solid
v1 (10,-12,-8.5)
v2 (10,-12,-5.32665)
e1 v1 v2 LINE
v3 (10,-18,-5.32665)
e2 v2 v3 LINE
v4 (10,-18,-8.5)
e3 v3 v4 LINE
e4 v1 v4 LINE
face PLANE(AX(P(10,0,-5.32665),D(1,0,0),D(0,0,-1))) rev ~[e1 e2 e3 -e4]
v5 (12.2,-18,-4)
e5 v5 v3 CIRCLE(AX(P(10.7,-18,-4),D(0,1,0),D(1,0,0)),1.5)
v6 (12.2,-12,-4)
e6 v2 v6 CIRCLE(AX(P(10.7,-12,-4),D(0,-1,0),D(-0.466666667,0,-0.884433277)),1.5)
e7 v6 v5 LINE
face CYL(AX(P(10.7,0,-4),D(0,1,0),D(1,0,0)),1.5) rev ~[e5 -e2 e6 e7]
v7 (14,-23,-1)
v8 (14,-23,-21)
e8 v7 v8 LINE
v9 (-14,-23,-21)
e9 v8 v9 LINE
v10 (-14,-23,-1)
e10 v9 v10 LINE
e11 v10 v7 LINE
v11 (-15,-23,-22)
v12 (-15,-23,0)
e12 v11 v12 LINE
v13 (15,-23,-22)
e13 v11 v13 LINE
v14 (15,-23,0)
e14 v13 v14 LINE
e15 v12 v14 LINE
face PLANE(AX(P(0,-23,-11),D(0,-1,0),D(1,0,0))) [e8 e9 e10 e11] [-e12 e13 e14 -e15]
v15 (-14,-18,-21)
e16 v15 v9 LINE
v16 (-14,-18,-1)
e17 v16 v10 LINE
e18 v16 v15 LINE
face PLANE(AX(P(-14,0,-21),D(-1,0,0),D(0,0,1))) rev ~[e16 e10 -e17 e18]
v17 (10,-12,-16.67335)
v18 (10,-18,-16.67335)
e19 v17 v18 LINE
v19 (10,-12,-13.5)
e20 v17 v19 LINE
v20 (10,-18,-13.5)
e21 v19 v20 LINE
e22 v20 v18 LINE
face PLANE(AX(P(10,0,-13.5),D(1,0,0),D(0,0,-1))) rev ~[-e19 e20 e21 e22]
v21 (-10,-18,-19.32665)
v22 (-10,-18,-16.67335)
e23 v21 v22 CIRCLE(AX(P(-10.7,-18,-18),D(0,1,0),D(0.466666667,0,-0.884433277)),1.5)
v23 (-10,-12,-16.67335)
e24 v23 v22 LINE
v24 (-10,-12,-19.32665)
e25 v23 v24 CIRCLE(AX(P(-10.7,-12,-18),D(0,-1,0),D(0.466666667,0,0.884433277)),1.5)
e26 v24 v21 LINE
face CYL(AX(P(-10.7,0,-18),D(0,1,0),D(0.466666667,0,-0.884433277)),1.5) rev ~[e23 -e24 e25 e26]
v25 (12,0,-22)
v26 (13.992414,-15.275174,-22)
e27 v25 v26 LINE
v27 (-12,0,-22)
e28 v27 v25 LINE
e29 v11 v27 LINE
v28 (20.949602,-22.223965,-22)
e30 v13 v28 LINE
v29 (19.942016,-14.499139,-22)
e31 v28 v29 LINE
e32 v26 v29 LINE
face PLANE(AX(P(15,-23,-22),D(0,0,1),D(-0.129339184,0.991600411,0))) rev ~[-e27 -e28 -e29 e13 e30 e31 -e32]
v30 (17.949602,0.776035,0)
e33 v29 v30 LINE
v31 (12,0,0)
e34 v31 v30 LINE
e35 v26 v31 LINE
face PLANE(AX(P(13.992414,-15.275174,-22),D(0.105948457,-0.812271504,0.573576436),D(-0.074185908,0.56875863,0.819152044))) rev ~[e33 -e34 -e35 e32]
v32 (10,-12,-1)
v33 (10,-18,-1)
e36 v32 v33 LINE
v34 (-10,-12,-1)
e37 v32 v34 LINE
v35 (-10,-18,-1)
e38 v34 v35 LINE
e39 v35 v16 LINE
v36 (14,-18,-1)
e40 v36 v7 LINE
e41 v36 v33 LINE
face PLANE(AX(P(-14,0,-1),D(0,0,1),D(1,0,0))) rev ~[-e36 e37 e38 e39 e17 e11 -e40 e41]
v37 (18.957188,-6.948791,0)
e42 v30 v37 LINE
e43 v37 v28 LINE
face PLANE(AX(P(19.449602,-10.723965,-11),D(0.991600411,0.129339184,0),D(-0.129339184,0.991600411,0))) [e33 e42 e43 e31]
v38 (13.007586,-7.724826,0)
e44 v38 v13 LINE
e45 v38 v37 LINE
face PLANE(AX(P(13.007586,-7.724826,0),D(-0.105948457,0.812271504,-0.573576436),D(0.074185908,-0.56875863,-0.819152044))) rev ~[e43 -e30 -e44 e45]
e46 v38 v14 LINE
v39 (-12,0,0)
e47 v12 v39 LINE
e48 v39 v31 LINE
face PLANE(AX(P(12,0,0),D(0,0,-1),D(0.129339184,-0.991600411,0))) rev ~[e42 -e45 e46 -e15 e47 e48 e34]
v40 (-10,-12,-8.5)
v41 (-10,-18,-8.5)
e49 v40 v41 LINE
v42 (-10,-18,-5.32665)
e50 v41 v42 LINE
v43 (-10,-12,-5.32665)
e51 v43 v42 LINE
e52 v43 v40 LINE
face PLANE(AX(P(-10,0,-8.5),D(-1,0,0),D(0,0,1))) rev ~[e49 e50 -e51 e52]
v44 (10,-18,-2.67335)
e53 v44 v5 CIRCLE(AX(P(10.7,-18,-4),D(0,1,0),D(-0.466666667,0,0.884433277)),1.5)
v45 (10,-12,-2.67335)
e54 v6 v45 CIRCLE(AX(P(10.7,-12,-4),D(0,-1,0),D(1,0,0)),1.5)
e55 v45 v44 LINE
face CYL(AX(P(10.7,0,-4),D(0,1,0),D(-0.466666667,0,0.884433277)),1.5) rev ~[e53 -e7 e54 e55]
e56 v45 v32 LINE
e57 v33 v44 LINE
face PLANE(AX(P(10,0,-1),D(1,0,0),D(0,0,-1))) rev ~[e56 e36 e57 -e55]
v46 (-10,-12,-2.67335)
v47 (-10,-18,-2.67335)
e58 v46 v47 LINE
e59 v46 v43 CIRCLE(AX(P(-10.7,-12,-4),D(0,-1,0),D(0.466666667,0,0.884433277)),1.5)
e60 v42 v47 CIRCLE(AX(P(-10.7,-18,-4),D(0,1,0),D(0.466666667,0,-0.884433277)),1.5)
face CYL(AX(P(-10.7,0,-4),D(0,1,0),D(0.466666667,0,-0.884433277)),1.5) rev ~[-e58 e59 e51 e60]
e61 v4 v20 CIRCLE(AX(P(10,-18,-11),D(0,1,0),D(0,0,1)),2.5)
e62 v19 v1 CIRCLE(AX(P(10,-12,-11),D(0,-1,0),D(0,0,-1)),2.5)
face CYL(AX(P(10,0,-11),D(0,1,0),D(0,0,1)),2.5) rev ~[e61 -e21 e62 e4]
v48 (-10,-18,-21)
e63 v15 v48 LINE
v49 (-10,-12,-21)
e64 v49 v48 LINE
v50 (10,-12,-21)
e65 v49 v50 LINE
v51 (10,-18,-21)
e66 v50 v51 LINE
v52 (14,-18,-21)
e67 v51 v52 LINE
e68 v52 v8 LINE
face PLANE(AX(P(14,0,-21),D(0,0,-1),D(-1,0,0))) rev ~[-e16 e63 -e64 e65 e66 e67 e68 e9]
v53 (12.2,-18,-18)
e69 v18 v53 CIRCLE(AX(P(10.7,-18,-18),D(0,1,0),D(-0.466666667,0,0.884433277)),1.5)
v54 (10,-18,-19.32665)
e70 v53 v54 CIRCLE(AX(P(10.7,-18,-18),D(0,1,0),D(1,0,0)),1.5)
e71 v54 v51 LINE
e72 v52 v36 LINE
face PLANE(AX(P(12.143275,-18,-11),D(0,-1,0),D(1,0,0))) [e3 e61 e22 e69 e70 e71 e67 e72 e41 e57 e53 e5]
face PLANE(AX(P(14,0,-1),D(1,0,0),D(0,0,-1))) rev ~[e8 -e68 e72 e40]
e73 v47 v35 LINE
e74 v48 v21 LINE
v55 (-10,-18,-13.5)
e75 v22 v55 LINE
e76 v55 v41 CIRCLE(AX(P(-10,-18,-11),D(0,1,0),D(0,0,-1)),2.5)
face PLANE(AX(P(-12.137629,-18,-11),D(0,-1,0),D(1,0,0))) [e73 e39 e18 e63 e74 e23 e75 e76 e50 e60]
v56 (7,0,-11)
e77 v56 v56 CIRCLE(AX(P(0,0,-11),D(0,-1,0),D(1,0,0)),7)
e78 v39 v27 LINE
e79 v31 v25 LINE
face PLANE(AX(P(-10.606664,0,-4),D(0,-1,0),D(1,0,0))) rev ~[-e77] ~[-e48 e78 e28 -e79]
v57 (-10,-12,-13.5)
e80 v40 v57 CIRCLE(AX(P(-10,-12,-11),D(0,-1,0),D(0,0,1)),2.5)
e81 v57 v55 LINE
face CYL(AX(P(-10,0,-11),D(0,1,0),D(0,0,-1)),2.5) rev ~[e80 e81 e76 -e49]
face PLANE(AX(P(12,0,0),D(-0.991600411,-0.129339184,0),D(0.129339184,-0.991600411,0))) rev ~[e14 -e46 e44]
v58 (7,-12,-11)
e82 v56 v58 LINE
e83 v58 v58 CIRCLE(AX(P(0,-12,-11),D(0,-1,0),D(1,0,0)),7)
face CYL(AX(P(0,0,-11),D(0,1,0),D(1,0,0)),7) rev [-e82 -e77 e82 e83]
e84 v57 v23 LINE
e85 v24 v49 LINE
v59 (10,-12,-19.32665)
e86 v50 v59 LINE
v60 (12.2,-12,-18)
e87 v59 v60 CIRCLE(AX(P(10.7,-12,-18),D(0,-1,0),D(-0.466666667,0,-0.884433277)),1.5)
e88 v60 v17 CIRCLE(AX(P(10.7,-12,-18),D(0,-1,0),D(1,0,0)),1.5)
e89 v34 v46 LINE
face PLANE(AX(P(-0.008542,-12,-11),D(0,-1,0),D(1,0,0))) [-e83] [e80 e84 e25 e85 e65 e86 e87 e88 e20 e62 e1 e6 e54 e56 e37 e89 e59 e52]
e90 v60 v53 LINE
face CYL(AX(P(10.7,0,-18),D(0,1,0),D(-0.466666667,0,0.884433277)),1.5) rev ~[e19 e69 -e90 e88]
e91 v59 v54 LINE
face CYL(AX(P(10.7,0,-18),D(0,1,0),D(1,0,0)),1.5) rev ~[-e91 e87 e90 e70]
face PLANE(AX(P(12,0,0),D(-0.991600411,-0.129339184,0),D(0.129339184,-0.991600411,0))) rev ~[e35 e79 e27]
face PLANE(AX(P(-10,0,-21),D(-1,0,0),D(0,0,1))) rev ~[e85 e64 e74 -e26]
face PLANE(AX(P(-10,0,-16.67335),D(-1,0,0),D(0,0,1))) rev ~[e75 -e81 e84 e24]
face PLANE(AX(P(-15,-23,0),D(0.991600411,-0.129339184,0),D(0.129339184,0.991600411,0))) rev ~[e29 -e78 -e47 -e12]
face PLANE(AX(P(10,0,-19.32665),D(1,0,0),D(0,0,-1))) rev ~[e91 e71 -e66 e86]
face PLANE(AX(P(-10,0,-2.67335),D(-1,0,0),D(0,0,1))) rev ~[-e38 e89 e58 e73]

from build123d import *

# Parameters (mm, degrees)
F0_W     = 30
F0_H     = 22
F1_DEPTH = 23
F2_DEPTH = 18
F0_R     = 7
F3_DEPTH = 12
F4_DEPTH = 12
F6_DEPTH = 25
F8_DEPTH = 6


with BuildPart() as f1:
    # F0 (on Front) → F1 (new body)
    with BuildSketch(Plane.XZ):
        with Locations((0, -11)):
            Rectangle(F0_W, F0_H)
        Polygon((-14, -21), (-14, -1), (-10, -1), (10, -1), (14, -1), (14, -21), (10, -21), (-10, -21), align=None, mode=Mode.SUBTRACT)
    extrude(amount=F1_DEPTH)

    # F0 (on Front) → F2 (join)
    with BuildSketch(Plane.XZ):
        with BuildLine():
            Line((-10, -1), (-14, -1))
            Line((-14, -1), (-14, -21))
            Line((-14, -21), (-10, -21))
            Line((-10, -21), (-10, -19.3266499161))
            ThreePointArc((-10, -19.3266499161), (-12.2, -18), (-10, -16.6733500839))
            Line((-10, -16.6733500839), (-10, -13.5))
            ThreePointArc((-10, -13.5), (-12.5, -11), (-10, -8.5))
            Line((-10, -8.5), (-10, -5.3266499161))
            ThreePointArc((-10, -5.3266499161), (-12.2, -4), (-10, -2.6733500839))
            Line((-10, -2.6733500839), (-10, -1))
        make_face()
        with BuildLine():
            Line((14, -1), (10, -1))
            Line((10, -1), (10, -2.6733500839))
            ThreePointArc((10, -2.6733500839), (11.4745966692, -2.7154767421), (12.2, -4))
            ThreePointArc((12.2, -4), (11.4745966692, -5.2845232579), (10, -5.3266499161))
            Line((10, -5.3266499161), (10, -8.5))
            ThreePointArc((10, -8.5), (12.5, -11), (10, -13.5))
            Line((10, -13.5), (10, -16.6733500839))
            ThreePointArc((10, -16.6733500839), (11.4745966692, -16.7154767421), (12.2, -18))
            ThreePointArc((12.2, -18), (11.4745966692, -19.2845232579), (10, -19.3266499161))
            Line((10, -19.3266499161), (10, -21))
            Line((10, -21), (14, -21))
            Line((14, -21), (14, -1))
        make_face()
    extrude(amount=F2_DEPTH)

    # F0 (on Front) → F3 (join)
    with BuildSketch(Plane.XZ):
        with BuildLine():
            Line((10, -1), (-10, -1))
            Line((-10, -1), (-10, -2.6733500839))
            ThreePointArc((-10, -2.6733500839), (-9.4154767421, -3.2254033308), (-9.2, -4))
            ThreePointArc((-9.2, -4), (-9.4154767421, -4.7745966692), (-10, -5.3266499161))
            Line((-10, -5.3266499161), (-10, -8.5))
            ThreePointArc((-10, -8.5), (-12.5, -11), (-10, -13.5))
            Line((-10, -13.5), (-10, -16.6733500839))
            ThreePointArc((-10, -16.6733500839), (-9.4154767421, -17.2254033308), (-9.2, -18))
            ThreePointArc((-9.2, -18), (-9.4154767421, -18.7745966692), (-10, -19.3266499161))
            Line((-10, -19.3266499161), (-10, -21))
            Line((-10, -21), (10, -21))
            Line((10, -21), (10, -19.3266499161))
            ThreePointArc((10, -19.3266499161), (9.2, -18), (10, -16.6733500839))
            Line((10, -16.6733500839), (10, -13.5))
            ThreePointArc((10, -13.5), (12.5, -11), (10, -8.5))
            Line((10, -8.5), (10, -5.3266499161))
            ThreePointArc((10, -5.3266499161), (9.2, -4), (10, -2.6733500839))
            Line((10, -2.6733500839), (10, -1))
        make_face()
        with Locations((0, -11)):
            Circle(F0_R, mode=Mode.SUBTRACT)
    extrude(amount=F3_DEPTH)

    # F0 (on Front) → F4 (join)
    with BuildSketch(Plane.XZ):
        with BuildLine():
            ThreePointArc((-9.2, -4), (-9.4154767421, -3.2254033308), (-10, -2.6733500839))
            ThreePointArc((-10, -2.6733500839), (-12.2, -4), (-10, -5.3266499161))
            ThreePointArc((-10, -5.3266499161), (-9.4154767421, -4.7745966692), (-9.2, -4))
        make_face()
        with BuildLine():
            ThreePointArc((12.2, -4), (11.4745966692, -2.7154767421), (10, -2.6733500839))
            ThreePointArc((10, -2.6733500839), (9.2, -4), (10, -5.3266499161))
            ThreePointArc((10, -5.3266499161), (11.4745966692, -5.2845232579), (12.2, -4))
        make_face()
        with BuildLine():
            ThreePointArc((10, -16.6733500839), (9.2, -18), (10, -19.3266499161))
            ThreePointArc((10, -19.3266499161), (11.4745966692, -19.2845232579), (12.2, -18))
            ThreePointArc((12.2, -18), (11.4745966692, -16.7154767421), (10, -16.6733500839))
        make_face()
        with BuildLine():
            ThreePointArc((-10, -16.6733500839), (-12.2, -18), (-10, -19.3266499161))
            ThreePointArc((-10, -19.3266499161), (-9.4154767421, -18.7745966692), (-9.2, -18))
            ThreePointArc((-9.2, -18), (-9.4154767421, -17.2254033308), (-10, -16.6733500839))
        make_face()
    extrude(amount=F4_DEPTH)

    # F5 (on face) → F6 (cut)
    with BuildSketch(Plane.XY):
        Polygon((-15, -23), (-12, 0), (-15, 0), align=None)
        Polygon((15, 0), (12, 0), (15, -23), align=None)
    extrude(amount=-F6_DEPTH, mode=Mode.SUBTRACT)

    # F7 (on face) → F8 (join)
    with BuildSketch(Plane(origin=(11.7992565056, 1.5390334572, 0), x_dir=(-0.1293391841, 0.9916004112, 0), z_dir=(0.9916004112, 0.1293391841, 0))):
        Polygon((-1.5520702088, 0), (-9.3423313777, 0), (-24.7468972183, -22), (-16.9566360494, -22), align=None)
    extrude(amount=F8_DEPTH)


solid = f1.part
